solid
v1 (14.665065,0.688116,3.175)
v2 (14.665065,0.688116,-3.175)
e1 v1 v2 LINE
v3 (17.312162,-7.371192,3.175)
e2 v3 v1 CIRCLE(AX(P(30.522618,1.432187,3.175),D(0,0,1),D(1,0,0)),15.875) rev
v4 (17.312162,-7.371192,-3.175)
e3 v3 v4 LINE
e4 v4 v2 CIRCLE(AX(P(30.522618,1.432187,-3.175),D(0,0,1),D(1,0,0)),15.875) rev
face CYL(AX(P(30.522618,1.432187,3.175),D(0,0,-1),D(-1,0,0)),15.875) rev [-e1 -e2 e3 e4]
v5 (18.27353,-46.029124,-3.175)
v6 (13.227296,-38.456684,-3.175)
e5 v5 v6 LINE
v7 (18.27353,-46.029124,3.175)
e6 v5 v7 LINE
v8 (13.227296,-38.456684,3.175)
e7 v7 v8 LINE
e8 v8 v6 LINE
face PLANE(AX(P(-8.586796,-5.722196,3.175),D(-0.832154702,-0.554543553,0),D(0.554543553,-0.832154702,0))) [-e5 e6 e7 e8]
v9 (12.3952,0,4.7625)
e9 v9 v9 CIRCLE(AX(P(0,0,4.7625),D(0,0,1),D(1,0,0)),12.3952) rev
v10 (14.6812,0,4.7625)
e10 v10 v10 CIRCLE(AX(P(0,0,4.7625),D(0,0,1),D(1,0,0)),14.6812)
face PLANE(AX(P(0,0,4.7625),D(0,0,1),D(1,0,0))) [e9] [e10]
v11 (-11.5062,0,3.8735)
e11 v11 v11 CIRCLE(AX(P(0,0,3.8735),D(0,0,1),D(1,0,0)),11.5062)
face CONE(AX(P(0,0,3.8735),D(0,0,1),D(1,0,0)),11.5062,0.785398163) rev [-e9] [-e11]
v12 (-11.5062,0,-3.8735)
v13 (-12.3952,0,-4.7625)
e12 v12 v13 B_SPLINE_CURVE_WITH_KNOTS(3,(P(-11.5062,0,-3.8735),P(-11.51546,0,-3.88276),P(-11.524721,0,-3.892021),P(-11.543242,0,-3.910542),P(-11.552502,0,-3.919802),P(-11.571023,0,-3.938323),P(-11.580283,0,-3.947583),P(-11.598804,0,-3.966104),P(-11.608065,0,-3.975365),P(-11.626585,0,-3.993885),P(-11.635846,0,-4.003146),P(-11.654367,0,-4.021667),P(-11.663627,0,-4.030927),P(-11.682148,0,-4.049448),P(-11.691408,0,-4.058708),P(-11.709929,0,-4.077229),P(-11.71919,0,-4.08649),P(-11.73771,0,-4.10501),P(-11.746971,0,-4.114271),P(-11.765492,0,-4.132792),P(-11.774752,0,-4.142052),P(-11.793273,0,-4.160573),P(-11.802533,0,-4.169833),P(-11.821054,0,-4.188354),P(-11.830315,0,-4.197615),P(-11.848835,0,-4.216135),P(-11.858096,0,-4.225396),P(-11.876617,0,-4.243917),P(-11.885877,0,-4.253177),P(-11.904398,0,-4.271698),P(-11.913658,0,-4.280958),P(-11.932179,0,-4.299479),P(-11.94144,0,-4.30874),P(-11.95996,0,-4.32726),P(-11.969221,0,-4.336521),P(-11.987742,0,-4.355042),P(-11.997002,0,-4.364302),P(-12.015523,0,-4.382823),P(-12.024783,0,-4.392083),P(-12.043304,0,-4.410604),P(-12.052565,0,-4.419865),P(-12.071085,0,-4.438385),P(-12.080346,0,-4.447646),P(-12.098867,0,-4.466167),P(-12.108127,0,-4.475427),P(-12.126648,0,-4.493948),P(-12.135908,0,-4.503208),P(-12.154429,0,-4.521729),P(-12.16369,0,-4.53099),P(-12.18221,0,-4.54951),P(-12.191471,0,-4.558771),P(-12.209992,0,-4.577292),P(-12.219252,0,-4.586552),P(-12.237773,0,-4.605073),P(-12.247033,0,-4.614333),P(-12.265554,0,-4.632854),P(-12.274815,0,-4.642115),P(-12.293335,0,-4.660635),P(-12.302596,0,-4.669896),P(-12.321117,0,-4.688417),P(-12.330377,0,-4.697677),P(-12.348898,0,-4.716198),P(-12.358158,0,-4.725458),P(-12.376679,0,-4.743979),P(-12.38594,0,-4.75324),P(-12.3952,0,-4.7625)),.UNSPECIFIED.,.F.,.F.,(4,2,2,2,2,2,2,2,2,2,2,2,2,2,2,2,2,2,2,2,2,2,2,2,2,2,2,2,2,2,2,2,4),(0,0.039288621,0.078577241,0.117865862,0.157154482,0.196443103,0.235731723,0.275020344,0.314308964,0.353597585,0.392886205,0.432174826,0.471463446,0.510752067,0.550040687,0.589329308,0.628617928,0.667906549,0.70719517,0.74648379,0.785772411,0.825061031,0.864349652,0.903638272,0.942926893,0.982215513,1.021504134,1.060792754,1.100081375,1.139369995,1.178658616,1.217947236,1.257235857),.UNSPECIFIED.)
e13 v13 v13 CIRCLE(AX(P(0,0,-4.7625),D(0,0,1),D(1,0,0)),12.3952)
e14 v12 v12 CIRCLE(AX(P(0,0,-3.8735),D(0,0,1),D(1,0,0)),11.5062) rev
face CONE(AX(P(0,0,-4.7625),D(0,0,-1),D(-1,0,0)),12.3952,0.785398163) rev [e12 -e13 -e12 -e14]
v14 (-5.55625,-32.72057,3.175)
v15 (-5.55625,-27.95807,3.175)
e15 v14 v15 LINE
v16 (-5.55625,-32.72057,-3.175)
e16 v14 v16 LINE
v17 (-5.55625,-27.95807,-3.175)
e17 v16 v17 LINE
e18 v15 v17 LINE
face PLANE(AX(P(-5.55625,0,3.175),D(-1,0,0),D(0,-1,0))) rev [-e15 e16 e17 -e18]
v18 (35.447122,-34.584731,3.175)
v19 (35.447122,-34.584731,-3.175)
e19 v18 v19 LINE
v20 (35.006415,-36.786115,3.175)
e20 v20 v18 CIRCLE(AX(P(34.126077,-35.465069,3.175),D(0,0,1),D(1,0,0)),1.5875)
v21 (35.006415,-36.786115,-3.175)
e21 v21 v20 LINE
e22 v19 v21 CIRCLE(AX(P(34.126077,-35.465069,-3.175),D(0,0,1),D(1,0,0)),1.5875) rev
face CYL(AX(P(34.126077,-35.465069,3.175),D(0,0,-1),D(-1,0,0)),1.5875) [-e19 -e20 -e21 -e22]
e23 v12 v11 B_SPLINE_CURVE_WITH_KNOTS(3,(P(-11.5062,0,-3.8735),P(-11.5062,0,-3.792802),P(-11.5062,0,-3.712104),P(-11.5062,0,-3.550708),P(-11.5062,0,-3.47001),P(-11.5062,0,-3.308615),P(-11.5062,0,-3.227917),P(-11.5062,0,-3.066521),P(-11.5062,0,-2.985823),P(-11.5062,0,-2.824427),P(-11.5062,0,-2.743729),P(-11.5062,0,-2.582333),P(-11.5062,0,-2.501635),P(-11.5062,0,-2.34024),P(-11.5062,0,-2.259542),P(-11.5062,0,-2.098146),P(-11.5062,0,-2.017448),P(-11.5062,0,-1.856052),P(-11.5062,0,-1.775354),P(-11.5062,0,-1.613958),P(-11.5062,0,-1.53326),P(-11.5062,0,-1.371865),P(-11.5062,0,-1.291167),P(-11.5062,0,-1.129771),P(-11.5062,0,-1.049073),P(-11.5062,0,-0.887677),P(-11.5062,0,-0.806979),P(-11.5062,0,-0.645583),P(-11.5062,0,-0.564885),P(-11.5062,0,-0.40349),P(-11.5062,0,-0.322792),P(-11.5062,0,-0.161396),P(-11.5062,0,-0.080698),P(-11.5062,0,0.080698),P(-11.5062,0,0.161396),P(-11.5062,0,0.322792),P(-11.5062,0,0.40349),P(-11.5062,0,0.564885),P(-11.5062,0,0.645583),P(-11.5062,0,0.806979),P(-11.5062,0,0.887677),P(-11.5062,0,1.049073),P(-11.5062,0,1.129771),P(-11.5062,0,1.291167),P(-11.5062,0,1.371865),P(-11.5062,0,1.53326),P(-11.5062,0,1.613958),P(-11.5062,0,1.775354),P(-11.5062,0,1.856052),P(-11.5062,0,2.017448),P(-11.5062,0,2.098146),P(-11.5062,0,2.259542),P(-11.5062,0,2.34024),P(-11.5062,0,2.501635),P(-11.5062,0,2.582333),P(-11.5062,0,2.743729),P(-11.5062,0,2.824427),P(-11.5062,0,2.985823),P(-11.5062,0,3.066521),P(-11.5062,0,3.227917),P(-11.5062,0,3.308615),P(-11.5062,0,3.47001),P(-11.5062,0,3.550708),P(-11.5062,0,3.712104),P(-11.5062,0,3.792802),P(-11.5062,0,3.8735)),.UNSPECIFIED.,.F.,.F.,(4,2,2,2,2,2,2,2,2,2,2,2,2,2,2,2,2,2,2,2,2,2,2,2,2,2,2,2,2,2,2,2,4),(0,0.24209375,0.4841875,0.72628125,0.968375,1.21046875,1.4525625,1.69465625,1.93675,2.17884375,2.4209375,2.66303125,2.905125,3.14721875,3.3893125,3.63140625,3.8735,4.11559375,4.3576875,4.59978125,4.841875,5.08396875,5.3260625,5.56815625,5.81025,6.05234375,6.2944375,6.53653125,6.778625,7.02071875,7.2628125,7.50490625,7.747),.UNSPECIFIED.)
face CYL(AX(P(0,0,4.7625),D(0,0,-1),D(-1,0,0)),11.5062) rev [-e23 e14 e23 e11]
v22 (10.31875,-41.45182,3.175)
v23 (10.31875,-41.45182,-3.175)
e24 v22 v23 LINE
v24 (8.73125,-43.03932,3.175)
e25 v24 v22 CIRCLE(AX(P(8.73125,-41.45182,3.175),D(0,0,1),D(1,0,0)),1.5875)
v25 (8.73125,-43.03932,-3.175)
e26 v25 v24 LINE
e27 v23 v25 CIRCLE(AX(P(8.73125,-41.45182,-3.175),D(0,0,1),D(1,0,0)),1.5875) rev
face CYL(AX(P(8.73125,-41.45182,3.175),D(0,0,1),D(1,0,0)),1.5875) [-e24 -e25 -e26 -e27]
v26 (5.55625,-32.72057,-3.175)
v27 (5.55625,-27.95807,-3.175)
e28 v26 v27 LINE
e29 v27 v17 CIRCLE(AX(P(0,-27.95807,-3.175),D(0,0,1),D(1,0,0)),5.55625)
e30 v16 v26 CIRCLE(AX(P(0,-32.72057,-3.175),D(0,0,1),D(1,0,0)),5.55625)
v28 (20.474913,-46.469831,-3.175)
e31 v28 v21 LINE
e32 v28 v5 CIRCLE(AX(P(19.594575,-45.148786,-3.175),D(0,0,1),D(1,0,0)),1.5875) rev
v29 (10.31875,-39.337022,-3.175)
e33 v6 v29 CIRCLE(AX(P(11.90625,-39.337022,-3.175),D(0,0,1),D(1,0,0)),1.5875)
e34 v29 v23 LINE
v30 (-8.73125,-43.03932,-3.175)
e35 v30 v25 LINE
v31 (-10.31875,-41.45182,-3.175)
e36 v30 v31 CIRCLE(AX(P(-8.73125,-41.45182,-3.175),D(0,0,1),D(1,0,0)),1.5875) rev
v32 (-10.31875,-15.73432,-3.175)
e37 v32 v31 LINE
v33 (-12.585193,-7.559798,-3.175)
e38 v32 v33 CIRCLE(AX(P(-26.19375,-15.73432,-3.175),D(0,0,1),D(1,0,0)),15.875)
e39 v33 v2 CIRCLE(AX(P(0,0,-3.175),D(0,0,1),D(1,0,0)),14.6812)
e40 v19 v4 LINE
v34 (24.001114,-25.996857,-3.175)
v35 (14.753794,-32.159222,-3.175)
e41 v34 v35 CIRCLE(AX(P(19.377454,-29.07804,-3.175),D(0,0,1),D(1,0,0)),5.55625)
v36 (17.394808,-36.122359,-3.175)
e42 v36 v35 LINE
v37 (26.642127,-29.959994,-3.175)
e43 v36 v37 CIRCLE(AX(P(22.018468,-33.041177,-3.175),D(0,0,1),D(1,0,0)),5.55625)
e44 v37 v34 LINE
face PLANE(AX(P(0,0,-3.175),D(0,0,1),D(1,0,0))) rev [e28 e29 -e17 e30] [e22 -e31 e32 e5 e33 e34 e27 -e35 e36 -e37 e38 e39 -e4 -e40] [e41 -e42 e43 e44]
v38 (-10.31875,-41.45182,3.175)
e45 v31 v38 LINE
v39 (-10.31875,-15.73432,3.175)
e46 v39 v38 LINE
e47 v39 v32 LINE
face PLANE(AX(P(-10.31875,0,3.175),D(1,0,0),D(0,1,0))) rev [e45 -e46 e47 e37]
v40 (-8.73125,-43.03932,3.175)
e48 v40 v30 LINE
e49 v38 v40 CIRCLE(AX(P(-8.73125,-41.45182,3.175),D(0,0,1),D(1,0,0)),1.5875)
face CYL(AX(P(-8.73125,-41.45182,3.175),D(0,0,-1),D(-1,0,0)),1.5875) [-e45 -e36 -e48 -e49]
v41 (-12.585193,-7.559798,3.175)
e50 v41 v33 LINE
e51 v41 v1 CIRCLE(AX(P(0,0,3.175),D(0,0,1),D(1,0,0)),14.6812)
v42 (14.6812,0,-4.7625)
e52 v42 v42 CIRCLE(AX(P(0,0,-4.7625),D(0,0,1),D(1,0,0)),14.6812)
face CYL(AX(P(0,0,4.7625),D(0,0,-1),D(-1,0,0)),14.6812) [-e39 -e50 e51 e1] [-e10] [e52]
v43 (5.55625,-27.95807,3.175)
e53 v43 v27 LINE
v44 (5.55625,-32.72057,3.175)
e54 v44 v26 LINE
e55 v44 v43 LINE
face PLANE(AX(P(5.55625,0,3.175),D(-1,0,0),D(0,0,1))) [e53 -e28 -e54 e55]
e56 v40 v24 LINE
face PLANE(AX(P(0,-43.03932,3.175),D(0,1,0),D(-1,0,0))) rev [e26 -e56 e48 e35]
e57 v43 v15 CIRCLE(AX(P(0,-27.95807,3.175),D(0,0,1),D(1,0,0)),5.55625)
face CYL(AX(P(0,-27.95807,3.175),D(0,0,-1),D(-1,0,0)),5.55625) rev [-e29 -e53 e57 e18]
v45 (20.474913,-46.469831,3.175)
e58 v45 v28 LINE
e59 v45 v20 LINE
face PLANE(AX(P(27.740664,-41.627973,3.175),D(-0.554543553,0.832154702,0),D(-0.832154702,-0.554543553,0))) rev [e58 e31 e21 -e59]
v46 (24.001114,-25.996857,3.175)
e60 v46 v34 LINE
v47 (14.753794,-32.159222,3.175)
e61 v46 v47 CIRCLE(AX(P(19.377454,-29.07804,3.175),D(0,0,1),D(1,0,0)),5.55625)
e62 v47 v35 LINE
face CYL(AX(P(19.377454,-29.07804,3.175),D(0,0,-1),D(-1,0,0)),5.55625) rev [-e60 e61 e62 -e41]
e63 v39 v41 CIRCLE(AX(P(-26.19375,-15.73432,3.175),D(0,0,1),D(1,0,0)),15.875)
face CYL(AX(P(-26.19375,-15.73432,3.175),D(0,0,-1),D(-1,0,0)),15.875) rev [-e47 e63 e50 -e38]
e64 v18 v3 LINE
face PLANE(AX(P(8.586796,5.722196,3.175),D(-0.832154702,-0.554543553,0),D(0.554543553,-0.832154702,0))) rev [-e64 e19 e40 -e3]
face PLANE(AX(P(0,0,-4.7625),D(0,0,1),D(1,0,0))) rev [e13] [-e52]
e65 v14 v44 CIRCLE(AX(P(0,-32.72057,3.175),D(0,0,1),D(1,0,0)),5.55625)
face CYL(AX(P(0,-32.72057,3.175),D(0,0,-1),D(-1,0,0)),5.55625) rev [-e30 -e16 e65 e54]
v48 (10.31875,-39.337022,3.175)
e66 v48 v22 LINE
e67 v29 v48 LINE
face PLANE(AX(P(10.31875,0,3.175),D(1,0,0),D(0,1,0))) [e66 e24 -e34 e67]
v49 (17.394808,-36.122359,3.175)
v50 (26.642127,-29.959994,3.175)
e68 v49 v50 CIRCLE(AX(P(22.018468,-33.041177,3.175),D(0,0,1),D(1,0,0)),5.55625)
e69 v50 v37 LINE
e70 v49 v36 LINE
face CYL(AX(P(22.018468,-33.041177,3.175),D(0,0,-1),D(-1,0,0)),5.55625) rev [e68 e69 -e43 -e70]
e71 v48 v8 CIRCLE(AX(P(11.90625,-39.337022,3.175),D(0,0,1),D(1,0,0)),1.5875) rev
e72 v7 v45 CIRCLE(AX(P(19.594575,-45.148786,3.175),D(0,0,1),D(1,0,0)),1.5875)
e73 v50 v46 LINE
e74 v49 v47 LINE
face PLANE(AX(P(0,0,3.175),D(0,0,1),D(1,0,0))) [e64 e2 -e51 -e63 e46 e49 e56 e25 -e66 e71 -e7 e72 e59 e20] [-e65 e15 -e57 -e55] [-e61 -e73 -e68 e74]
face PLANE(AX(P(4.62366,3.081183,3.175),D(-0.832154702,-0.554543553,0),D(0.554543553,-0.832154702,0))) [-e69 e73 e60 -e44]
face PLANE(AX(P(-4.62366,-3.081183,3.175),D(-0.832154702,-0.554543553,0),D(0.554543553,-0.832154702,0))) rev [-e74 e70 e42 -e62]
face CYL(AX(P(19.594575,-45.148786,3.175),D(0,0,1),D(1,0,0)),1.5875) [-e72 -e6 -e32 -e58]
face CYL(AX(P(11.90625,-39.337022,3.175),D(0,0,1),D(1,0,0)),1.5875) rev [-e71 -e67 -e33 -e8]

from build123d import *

# Parameters (mm, degrees)
SKETCH1_R           = 11.5062
BOSS_EXTRUDE2_DEPTH = 4.7625
BOSS_EXTRUDE3_DEPTH = 3.175
FILLET1_R           = 1.5875
CHAMFER1_SIZE       = 0.889


with BuildPart() as part:
    # Sketch1 → Boss-Extrude2 (new, symmetric)
    with BuildSketch(Plane.XY):
        with BuildLine():
            ThreePointArc((14.665064923, 0.688116436), (-4.253056447, 14.051659841), (-12.585193267, -7.559797873))
            ThreePointArc((-12.585193267, -7.559797873), (4.253056447, -14.051659841), (14.665064923, 0.688116436))
        make_face()
        Circle(SKETCH1_R, mode=Mode.SUBTRACT)
    extrude(amount=BOSS_EXTRUDE2_DEPTH, both=True)

    # Sketch1<4> → Boss-Extrude3 (add, symmetric)
    with BuildSketch(Plane.XY):
        with BuildLine():
            ThreePointArc((-12.585193267, -7.559797873), (-10.89585042, -11.492870345), (-10.31875, -15.734319794))
            Line((-10.31875, -15.734319794), (-10.31875, -43.039319794))
            Line((-10.31875, -43.039319794), (10.31875, -43.039319794))
            Line((10.31875, -43.039319794), (10.31875, -34.092085728))
            Line((10.31875, -34.092085728), (19.153867679, -47.350169222))
            Line((19.153867679, -47.350169222), (36.327460345, -35.905776657))
            Line((36.327460345, -35.905776657), (17.312161928, -7.371191919))
            ThreePointArc((17.312161928, -7.371191919), (15.440330311, -3.521622499), (14.665064923, 0.688116436))
            ThreePointArc((14.665064923, 0.688116436), (4.253056447, -14.051659841), (-12.585193267, -7.559797873))
        make_face()
        with BuildLine():
            ThreePointArc((5.55625, -32.720569794), (0, -38.276819794), (-5.55625, -32.720569794))
            Line((-5.55625, -32.720569794), (-5.55625, -27.958069794))
            ThreePointArc((-5.55625, -27.958069794), (0, -22.401819794), (5.55625, -27.958069794))
            Line((5.55625, -27.958069794), (5.55625, -32.720569794))
        make_face(mode=Mode.SUBTRACT)
        with BuildLine():
            ThreePointArc((26.642127293, -29.959993992), (25.099650343, -37.66483617), (17.394808165, -36.12235922))
            Line((17.394808165, -36.12235922), (14.753794496, -32.159222451))
            ThreePointArc((14.753794496, -32.159222451), (16.296271446, -24.454380273), (24.001113624, -25.996857223))
            Line((24.001113624, -25.996857223), (26.642127293, -29.959993992))
        make_face(mode=Mode.SUBTRACT)
    extrude(amount=BOSS_EXTRUDE3_DEPTH, both=True)

    # Fillet1
    fillet1_edges = [part.edges().sort_by_distance(p)[0] for p in [
        (-10.31875, -43.039319794, 0),
        (36.327460345, -35.905776657, 0),
        (10.31875, -43.039319794, 0),
        (19.153867679, -47.350169222, 0),
        (10.31875, -34.092085728, 0),
    ]]
    fillet(fillet1_edges, radius=FILLET1_R)

    # Chamfer1
    chamfer1_edges = [part.edges().sort_by_distance(p)[0] for p in [
        (-11.5062, 0, -4.7625),
        (-11.5062, 0, 4.7625),
    ]]
    chamfer(chamfer1_edges, length=CHAMFER1_SIZE)


solid = part.part
